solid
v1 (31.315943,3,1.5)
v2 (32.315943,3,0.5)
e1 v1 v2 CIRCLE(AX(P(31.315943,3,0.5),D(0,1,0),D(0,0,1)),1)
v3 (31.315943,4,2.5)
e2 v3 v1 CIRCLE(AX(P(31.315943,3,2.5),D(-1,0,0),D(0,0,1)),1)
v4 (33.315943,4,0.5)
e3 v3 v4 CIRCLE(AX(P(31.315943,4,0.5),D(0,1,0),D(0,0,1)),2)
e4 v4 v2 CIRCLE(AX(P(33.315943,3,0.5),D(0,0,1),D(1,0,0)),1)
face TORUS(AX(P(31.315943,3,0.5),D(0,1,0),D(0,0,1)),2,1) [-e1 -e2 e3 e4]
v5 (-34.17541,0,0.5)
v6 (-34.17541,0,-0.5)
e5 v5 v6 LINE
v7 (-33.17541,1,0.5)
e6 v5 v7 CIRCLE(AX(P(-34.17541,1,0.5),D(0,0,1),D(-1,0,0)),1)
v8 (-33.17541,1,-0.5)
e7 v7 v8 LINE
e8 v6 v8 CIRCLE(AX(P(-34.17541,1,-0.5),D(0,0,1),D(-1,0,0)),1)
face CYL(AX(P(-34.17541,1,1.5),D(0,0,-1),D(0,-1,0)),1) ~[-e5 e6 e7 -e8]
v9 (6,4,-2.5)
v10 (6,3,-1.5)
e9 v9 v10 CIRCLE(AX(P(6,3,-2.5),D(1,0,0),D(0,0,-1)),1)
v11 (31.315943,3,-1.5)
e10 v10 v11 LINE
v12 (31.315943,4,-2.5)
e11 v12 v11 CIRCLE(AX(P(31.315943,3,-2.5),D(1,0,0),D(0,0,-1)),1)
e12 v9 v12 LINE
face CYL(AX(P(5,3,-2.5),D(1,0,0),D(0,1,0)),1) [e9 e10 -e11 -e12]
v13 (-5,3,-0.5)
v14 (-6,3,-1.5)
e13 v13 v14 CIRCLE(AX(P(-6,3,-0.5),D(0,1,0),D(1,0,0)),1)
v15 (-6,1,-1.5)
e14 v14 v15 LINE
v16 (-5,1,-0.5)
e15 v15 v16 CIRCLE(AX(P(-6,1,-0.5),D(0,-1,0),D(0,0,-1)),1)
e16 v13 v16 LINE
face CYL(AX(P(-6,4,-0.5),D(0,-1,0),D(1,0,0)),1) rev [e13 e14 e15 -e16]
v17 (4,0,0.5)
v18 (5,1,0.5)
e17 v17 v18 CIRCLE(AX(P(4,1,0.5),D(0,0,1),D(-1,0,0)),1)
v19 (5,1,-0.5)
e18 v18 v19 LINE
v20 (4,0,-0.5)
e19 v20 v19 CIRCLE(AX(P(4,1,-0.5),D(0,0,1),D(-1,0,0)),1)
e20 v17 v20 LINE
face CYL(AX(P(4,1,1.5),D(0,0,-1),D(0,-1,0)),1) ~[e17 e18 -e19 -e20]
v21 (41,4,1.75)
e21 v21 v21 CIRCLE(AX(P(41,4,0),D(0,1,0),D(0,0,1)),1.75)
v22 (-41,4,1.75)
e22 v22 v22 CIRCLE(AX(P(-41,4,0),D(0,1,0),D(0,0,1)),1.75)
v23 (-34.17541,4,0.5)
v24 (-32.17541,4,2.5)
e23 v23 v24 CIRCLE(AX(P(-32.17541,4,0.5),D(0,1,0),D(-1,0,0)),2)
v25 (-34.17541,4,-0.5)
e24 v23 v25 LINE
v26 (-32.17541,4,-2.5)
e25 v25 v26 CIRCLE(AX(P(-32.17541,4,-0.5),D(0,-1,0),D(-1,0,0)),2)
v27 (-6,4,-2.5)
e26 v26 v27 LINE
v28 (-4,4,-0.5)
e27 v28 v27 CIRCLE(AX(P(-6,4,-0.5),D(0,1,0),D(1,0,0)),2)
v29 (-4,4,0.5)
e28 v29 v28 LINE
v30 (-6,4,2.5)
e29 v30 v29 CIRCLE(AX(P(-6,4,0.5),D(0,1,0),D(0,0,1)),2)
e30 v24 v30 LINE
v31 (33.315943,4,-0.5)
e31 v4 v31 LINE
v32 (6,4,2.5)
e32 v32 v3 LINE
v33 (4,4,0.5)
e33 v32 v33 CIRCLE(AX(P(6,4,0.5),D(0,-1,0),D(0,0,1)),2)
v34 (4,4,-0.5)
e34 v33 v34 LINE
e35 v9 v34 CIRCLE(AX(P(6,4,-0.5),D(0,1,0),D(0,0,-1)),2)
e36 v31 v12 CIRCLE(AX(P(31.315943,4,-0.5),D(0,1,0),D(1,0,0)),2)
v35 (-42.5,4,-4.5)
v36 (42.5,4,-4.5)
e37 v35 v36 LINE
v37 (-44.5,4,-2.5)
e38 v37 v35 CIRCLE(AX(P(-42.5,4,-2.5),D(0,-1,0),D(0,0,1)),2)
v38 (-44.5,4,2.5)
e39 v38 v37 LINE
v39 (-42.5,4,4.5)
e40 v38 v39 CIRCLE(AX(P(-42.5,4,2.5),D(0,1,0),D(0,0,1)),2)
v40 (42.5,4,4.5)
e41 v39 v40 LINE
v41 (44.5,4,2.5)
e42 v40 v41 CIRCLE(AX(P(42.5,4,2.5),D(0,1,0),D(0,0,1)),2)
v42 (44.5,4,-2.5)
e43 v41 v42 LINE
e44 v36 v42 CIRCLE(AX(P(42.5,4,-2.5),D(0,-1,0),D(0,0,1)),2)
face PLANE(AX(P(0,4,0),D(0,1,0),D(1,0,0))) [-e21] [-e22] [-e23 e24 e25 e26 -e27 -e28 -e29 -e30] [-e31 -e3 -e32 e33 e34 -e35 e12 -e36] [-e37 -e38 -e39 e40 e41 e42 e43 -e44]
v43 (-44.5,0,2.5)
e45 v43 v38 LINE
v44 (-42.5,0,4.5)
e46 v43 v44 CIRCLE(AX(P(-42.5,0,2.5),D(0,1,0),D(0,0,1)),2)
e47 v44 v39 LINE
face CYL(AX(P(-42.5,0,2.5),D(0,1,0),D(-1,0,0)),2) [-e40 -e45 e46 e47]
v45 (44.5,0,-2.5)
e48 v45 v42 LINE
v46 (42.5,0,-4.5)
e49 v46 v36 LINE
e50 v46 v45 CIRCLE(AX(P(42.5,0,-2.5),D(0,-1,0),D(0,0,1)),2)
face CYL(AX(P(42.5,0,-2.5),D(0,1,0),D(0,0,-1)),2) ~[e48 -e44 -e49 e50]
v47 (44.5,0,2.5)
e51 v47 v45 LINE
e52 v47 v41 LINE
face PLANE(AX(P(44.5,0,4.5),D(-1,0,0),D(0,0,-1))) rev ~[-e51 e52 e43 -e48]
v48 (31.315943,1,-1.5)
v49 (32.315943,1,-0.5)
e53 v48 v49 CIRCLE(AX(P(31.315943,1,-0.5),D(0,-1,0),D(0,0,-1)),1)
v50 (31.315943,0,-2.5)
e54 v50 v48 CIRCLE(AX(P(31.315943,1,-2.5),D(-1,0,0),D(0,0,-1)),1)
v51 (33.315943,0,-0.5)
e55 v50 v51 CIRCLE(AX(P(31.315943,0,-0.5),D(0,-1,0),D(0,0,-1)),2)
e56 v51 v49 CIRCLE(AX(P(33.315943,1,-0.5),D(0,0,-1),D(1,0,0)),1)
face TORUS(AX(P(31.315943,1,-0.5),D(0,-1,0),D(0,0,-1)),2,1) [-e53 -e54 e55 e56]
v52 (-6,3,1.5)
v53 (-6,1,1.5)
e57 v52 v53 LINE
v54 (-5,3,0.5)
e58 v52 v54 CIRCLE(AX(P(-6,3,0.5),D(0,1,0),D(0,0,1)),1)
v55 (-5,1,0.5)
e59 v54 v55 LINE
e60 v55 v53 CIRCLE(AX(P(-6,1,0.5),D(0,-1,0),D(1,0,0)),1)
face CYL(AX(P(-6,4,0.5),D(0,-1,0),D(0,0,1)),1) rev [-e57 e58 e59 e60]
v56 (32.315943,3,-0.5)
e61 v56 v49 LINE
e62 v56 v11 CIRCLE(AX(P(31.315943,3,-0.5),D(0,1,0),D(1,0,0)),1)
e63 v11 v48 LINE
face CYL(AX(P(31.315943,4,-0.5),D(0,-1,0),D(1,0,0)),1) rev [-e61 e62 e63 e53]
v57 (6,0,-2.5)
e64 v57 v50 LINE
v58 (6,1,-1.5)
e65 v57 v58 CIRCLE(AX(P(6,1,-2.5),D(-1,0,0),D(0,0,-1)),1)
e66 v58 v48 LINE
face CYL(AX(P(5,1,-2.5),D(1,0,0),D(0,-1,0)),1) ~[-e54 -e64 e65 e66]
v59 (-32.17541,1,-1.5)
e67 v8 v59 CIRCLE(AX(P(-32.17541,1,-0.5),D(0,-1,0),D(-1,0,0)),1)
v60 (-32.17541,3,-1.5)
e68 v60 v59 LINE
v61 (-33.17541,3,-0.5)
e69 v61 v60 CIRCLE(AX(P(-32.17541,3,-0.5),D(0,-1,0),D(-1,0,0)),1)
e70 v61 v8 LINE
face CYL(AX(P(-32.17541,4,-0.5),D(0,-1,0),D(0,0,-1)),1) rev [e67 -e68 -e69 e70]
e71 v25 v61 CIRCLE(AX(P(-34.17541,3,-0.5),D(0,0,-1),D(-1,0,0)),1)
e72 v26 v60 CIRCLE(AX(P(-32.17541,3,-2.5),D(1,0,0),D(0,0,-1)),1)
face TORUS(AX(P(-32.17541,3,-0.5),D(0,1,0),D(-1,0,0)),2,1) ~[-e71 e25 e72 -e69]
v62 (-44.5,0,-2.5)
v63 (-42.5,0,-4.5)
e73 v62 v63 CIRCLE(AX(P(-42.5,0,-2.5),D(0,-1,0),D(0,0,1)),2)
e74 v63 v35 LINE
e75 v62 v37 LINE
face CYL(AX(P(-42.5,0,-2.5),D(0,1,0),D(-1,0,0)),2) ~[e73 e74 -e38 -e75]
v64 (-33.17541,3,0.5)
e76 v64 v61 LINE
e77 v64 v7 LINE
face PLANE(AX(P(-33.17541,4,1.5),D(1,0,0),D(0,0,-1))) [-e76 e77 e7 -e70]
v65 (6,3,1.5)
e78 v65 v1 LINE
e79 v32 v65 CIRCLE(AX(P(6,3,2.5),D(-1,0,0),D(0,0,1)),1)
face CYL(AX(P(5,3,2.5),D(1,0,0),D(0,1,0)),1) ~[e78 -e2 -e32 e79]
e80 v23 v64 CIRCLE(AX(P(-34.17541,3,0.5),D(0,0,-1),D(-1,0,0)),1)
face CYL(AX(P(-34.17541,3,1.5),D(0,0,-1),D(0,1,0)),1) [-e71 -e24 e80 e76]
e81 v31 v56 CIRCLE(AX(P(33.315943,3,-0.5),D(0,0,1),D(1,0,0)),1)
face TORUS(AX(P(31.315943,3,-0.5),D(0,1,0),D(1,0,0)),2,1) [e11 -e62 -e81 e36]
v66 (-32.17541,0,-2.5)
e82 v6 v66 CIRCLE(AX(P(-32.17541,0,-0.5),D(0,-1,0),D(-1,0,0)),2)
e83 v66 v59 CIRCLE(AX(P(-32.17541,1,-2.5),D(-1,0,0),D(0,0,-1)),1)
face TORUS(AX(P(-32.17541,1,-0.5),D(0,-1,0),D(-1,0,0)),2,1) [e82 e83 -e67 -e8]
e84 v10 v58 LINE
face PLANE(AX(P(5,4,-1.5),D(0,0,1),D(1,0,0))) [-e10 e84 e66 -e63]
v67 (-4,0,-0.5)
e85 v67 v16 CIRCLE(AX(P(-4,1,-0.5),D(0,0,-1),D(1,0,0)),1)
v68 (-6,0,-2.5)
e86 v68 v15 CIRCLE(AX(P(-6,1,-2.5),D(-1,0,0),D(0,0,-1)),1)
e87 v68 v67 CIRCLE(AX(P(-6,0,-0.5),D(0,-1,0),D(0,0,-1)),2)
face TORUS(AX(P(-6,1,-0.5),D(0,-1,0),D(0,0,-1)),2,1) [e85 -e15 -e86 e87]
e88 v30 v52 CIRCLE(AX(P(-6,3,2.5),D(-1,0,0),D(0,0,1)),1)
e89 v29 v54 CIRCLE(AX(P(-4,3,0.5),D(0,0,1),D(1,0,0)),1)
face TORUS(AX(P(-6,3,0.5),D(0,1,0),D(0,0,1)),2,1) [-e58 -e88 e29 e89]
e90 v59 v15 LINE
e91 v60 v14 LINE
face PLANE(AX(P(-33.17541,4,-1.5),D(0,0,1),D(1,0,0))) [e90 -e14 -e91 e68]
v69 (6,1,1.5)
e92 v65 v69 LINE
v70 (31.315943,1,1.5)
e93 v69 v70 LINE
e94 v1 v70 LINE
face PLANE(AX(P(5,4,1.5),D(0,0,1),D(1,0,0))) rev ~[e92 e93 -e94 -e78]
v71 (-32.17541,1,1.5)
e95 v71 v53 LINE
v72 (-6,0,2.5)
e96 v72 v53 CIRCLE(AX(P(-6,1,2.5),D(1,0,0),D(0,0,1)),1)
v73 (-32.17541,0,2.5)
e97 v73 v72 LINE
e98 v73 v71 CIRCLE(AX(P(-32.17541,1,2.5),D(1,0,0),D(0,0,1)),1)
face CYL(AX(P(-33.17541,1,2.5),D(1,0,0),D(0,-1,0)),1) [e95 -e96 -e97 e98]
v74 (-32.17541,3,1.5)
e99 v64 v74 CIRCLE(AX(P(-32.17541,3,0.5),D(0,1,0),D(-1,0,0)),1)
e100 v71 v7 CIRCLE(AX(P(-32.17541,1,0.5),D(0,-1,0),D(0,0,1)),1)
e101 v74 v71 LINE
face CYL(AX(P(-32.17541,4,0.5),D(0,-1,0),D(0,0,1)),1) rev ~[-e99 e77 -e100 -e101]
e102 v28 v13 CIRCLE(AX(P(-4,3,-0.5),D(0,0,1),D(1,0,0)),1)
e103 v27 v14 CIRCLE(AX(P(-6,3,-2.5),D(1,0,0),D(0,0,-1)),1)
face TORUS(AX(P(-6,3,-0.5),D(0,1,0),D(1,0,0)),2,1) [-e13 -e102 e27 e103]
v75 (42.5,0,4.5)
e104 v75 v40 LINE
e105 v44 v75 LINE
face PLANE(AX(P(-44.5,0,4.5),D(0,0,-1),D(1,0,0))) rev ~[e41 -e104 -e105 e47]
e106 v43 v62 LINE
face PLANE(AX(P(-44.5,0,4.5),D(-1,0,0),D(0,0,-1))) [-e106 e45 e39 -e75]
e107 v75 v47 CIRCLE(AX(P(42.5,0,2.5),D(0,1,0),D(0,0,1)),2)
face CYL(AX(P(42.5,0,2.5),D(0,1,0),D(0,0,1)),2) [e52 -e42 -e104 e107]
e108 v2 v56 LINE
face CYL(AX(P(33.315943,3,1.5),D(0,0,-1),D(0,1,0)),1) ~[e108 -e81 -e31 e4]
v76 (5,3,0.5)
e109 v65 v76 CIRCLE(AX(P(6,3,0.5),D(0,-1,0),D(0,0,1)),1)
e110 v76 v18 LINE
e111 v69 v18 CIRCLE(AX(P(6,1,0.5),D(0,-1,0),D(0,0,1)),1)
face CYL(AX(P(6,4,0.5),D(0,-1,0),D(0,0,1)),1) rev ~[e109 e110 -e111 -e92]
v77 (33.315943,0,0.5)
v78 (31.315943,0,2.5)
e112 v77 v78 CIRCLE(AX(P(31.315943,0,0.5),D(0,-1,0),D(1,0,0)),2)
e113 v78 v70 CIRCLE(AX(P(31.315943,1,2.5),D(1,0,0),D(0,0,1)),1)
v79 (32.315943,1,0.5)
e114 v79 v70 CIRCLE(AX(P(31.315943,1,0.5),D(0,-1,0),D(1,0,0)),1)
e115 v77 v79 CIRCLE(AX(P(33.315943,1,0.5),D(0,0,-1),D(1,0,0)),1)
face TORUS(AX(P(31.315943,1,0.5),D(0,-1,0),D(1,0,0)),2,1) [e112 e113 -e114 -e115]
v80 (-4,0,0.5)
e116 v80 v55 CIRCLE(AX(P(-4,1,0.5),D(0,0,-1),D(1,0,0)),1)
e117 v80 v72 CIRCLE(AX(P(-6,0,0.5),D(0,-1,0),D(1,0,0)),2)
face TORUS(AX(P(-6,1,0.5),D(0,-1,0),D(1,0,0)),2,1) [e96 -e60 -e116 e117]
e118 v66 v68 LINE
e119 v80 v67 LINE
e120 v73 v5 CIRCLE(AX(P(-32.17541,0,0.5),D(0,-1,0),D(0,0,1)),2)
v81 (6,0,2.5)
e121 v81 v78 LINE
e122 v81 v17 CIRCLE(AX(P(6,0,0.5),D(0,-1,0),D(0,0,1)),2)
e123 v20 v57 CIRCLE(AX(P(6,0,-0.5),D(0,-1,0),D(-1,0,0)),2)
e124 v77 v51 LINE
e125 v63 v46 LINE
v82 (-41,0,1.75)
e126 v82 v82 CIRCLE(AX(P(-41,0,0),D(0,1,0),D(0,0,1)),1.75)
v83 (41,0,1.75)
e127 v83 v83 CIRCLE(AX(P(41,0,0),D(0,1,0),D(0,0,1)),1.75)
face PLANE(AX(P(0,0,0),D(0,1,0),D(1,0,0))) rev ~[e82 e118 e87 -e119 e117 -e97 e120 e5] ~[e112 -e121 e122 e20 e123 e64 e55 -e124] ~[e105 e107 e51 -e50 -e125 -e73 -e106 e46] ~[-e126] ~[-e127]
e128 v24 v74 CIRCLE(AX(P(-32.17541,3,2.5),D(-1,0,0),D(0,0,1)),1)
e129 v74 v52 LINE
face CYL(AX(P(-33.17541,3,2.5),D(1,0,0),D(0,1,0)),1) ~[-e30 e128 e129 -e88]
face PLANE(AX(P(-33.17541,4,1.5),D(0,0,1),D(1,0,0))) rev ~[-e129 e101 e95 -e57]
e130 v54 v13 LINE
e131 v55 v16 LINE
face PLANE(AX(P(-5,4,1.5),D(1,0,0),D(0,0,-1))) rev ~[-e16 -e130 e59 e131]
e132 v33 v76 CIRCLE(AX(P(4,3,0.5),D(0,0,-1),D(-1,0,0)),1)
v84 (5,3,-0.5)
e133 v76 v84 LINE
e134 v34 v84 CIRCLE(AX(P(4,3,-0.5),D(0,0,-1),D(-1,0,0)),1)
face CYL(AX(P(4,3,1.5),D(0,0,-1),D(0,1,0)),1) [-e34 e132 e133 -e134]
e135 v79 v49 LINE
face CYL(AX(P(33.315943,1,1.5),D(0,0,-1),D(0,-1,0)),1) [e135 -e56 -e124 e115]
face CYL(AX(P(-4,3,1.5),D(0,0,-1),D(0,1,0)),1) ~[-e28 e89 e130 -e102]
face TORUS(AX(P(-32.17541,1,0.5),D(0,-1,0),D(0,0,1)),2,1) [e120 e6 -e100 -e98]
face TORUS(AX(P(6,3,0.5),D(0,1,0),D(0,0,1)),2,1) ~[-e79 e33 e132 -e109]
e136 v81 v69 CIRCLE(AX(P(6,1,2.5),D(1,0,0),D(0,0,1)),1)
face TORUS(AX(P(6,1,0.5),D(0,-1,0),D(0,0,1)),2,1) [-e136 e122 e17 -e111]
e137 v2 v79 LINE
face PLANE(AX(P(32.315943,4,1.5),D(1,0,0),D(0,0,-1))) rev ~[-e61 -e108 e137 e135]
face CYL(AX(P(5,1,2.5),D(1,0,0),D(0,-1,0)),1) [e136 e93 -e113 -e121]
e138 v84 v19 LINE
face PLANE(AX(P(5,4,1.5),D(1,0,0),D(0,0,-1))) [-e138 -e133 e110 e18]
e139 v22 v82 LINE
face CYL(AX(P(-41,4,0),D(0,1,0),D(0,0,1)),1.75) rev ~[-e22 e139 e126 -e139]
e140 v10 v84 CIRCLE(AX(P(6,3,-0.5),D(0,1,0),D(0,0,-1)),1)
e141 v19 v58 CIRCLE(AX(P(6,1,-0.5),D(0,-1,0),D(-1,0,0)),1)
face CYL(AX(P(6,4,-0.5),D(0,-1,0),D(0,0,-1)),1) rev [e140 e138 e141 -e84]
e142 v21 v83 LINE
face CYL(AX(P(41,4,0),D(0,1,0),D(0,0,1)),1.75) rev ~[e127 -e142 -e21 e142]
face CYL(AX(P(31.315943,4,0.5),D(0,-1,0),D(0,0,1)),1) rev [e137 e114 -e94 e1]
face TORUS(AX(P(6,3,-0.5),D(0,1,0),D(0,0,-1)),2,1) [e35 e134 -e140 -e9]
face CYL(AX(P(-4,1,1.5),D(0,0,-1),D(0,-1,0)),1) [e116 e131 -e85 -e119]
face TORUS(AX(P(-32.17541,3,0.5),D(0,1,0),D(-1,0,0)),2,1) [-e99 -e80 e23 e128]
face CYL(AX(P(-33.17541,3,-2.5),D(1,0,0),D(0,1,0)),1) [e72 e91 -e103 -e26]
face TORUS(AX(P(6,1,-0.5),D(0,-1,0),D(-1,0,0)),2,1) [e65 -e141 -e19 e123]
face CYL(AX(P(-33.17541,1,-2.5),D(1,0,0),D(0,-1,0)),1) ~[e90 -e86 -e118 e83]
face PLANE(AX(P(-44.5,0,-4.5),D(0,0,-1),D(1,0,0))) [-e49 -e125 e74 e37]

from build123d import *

# Parameters (mm, degrees)
SKETCH1_W           = 89
SKETCH1_H           = 9
BOSS_EXTRUDE1_DEPTH = 4
SKETCH2_R           = 1.75
CUT_EXTRUDE1_DEPTH  = 4
FILLET1_R           = 2
SKETCH4_W           = 28.175409777
SKETCH4_H           = 3
SKETCH4_W_2         = 27.315943202
CUT_EXTRUDE2_DEPTH  = 45.905456239
FILLET3_R           = 1


with BuildPart() as part:
    # Sketch1 → Boss-Extrude1 (new body)
    with BuildSketch(Plane(origin=(0, 0, 0), x_dir=(1, 0, 0), z_dir=(0, 1, 0))):
        Rectangle(SKETCH1_W, SKETCH1_H)
    extrude(amount=BOSS_EXTRUDE1_DEPTH)

    # Sketch2 → Cut-Extrude1 (cut)
    with BuildSketch(Plane(origin=(0, 4, 0), x_dir=(1, 0, 0), z_dir=(0, 1, 0))):
        with Locations(Location((-41, 0, 0), (0, 0, 270))):
            Circle(SKETCH2_R)
        with Locations(Location((41, 0, 0), (0, 0, 270))):
            Circle(SKETCH2_R)
    extrude(amount=-CUT_EXTRUDE1_DEPTH, mode=Mode.SUBTRACT)

    # Fillet1
    fillet1_edges = [part.edges().sort_by_distance(p)[0] for p in [
        (-44.5, 2, -4.5),
        (44.5, 2, -4.5),
        (44.5, 2, 4.5),
        (-44.5, 2, 4.5),
    ]]
    fillet(fillet1_edges, radius=FILLET1_R)

    # Sketch4 → Cut-Extrude2 (cut, through all)
    with BuildSketch(Plane(origin=(0, 4, 0), x_dir=(1, 0, 0), z_dir=(0, 1, 0))):
        with Locations((-19.087704888, 0)):
            Rectangle(SKETCH4_W, SKETCH4_H)
        with Locations((18.657971601, 0)):
            Rectangle(SKETCH4_W_2, SKETCH4_H)
    extrude(amount=-CUT_EXTRUDE2_DEPTH, mode=Mode.SUBTRACT)

    # Fillet3
    fillet3_edges = [part.edges().sort_by_distance(p)[0] for p in [
        (-33.175409777, 0, 0),
        (-33.175409777, 2, 1.5),
        (-19.087704888, 0, -1.5),
        (-33.175409777, 2, -1.5),
        (-5, 0, 0),
        (-5, 2, -1.5),
        (-19.087704888, 0, 1.5),
        (-5, 2, 1.5),
        (-33.175409777, 4, 0),
        (-19.087704888, 4, 1.5),
        (-5, 4, 0),
        (-19.087704888, 4, -1.5),
        (18.657971601, 0, 1.5),
        (32.315943202, 2, 1.5),
        (5, 0, 0),
        (5, 2, 1.5),
        (18.657971601, 0, -1.5),
        (5, 2, -1.5),
        (32.315943202, 0, 0),
        (32.315943202, 2, -1.5),
        (18.657971601, 4, 1.5),
        (32.315943202, 4, 0),
        (18.657971601, 4, -1.5),
        (5, 4, 0),
    ]]
    fillet(fillet3_edges, radius=FILLET3_R)


solid = part.part
